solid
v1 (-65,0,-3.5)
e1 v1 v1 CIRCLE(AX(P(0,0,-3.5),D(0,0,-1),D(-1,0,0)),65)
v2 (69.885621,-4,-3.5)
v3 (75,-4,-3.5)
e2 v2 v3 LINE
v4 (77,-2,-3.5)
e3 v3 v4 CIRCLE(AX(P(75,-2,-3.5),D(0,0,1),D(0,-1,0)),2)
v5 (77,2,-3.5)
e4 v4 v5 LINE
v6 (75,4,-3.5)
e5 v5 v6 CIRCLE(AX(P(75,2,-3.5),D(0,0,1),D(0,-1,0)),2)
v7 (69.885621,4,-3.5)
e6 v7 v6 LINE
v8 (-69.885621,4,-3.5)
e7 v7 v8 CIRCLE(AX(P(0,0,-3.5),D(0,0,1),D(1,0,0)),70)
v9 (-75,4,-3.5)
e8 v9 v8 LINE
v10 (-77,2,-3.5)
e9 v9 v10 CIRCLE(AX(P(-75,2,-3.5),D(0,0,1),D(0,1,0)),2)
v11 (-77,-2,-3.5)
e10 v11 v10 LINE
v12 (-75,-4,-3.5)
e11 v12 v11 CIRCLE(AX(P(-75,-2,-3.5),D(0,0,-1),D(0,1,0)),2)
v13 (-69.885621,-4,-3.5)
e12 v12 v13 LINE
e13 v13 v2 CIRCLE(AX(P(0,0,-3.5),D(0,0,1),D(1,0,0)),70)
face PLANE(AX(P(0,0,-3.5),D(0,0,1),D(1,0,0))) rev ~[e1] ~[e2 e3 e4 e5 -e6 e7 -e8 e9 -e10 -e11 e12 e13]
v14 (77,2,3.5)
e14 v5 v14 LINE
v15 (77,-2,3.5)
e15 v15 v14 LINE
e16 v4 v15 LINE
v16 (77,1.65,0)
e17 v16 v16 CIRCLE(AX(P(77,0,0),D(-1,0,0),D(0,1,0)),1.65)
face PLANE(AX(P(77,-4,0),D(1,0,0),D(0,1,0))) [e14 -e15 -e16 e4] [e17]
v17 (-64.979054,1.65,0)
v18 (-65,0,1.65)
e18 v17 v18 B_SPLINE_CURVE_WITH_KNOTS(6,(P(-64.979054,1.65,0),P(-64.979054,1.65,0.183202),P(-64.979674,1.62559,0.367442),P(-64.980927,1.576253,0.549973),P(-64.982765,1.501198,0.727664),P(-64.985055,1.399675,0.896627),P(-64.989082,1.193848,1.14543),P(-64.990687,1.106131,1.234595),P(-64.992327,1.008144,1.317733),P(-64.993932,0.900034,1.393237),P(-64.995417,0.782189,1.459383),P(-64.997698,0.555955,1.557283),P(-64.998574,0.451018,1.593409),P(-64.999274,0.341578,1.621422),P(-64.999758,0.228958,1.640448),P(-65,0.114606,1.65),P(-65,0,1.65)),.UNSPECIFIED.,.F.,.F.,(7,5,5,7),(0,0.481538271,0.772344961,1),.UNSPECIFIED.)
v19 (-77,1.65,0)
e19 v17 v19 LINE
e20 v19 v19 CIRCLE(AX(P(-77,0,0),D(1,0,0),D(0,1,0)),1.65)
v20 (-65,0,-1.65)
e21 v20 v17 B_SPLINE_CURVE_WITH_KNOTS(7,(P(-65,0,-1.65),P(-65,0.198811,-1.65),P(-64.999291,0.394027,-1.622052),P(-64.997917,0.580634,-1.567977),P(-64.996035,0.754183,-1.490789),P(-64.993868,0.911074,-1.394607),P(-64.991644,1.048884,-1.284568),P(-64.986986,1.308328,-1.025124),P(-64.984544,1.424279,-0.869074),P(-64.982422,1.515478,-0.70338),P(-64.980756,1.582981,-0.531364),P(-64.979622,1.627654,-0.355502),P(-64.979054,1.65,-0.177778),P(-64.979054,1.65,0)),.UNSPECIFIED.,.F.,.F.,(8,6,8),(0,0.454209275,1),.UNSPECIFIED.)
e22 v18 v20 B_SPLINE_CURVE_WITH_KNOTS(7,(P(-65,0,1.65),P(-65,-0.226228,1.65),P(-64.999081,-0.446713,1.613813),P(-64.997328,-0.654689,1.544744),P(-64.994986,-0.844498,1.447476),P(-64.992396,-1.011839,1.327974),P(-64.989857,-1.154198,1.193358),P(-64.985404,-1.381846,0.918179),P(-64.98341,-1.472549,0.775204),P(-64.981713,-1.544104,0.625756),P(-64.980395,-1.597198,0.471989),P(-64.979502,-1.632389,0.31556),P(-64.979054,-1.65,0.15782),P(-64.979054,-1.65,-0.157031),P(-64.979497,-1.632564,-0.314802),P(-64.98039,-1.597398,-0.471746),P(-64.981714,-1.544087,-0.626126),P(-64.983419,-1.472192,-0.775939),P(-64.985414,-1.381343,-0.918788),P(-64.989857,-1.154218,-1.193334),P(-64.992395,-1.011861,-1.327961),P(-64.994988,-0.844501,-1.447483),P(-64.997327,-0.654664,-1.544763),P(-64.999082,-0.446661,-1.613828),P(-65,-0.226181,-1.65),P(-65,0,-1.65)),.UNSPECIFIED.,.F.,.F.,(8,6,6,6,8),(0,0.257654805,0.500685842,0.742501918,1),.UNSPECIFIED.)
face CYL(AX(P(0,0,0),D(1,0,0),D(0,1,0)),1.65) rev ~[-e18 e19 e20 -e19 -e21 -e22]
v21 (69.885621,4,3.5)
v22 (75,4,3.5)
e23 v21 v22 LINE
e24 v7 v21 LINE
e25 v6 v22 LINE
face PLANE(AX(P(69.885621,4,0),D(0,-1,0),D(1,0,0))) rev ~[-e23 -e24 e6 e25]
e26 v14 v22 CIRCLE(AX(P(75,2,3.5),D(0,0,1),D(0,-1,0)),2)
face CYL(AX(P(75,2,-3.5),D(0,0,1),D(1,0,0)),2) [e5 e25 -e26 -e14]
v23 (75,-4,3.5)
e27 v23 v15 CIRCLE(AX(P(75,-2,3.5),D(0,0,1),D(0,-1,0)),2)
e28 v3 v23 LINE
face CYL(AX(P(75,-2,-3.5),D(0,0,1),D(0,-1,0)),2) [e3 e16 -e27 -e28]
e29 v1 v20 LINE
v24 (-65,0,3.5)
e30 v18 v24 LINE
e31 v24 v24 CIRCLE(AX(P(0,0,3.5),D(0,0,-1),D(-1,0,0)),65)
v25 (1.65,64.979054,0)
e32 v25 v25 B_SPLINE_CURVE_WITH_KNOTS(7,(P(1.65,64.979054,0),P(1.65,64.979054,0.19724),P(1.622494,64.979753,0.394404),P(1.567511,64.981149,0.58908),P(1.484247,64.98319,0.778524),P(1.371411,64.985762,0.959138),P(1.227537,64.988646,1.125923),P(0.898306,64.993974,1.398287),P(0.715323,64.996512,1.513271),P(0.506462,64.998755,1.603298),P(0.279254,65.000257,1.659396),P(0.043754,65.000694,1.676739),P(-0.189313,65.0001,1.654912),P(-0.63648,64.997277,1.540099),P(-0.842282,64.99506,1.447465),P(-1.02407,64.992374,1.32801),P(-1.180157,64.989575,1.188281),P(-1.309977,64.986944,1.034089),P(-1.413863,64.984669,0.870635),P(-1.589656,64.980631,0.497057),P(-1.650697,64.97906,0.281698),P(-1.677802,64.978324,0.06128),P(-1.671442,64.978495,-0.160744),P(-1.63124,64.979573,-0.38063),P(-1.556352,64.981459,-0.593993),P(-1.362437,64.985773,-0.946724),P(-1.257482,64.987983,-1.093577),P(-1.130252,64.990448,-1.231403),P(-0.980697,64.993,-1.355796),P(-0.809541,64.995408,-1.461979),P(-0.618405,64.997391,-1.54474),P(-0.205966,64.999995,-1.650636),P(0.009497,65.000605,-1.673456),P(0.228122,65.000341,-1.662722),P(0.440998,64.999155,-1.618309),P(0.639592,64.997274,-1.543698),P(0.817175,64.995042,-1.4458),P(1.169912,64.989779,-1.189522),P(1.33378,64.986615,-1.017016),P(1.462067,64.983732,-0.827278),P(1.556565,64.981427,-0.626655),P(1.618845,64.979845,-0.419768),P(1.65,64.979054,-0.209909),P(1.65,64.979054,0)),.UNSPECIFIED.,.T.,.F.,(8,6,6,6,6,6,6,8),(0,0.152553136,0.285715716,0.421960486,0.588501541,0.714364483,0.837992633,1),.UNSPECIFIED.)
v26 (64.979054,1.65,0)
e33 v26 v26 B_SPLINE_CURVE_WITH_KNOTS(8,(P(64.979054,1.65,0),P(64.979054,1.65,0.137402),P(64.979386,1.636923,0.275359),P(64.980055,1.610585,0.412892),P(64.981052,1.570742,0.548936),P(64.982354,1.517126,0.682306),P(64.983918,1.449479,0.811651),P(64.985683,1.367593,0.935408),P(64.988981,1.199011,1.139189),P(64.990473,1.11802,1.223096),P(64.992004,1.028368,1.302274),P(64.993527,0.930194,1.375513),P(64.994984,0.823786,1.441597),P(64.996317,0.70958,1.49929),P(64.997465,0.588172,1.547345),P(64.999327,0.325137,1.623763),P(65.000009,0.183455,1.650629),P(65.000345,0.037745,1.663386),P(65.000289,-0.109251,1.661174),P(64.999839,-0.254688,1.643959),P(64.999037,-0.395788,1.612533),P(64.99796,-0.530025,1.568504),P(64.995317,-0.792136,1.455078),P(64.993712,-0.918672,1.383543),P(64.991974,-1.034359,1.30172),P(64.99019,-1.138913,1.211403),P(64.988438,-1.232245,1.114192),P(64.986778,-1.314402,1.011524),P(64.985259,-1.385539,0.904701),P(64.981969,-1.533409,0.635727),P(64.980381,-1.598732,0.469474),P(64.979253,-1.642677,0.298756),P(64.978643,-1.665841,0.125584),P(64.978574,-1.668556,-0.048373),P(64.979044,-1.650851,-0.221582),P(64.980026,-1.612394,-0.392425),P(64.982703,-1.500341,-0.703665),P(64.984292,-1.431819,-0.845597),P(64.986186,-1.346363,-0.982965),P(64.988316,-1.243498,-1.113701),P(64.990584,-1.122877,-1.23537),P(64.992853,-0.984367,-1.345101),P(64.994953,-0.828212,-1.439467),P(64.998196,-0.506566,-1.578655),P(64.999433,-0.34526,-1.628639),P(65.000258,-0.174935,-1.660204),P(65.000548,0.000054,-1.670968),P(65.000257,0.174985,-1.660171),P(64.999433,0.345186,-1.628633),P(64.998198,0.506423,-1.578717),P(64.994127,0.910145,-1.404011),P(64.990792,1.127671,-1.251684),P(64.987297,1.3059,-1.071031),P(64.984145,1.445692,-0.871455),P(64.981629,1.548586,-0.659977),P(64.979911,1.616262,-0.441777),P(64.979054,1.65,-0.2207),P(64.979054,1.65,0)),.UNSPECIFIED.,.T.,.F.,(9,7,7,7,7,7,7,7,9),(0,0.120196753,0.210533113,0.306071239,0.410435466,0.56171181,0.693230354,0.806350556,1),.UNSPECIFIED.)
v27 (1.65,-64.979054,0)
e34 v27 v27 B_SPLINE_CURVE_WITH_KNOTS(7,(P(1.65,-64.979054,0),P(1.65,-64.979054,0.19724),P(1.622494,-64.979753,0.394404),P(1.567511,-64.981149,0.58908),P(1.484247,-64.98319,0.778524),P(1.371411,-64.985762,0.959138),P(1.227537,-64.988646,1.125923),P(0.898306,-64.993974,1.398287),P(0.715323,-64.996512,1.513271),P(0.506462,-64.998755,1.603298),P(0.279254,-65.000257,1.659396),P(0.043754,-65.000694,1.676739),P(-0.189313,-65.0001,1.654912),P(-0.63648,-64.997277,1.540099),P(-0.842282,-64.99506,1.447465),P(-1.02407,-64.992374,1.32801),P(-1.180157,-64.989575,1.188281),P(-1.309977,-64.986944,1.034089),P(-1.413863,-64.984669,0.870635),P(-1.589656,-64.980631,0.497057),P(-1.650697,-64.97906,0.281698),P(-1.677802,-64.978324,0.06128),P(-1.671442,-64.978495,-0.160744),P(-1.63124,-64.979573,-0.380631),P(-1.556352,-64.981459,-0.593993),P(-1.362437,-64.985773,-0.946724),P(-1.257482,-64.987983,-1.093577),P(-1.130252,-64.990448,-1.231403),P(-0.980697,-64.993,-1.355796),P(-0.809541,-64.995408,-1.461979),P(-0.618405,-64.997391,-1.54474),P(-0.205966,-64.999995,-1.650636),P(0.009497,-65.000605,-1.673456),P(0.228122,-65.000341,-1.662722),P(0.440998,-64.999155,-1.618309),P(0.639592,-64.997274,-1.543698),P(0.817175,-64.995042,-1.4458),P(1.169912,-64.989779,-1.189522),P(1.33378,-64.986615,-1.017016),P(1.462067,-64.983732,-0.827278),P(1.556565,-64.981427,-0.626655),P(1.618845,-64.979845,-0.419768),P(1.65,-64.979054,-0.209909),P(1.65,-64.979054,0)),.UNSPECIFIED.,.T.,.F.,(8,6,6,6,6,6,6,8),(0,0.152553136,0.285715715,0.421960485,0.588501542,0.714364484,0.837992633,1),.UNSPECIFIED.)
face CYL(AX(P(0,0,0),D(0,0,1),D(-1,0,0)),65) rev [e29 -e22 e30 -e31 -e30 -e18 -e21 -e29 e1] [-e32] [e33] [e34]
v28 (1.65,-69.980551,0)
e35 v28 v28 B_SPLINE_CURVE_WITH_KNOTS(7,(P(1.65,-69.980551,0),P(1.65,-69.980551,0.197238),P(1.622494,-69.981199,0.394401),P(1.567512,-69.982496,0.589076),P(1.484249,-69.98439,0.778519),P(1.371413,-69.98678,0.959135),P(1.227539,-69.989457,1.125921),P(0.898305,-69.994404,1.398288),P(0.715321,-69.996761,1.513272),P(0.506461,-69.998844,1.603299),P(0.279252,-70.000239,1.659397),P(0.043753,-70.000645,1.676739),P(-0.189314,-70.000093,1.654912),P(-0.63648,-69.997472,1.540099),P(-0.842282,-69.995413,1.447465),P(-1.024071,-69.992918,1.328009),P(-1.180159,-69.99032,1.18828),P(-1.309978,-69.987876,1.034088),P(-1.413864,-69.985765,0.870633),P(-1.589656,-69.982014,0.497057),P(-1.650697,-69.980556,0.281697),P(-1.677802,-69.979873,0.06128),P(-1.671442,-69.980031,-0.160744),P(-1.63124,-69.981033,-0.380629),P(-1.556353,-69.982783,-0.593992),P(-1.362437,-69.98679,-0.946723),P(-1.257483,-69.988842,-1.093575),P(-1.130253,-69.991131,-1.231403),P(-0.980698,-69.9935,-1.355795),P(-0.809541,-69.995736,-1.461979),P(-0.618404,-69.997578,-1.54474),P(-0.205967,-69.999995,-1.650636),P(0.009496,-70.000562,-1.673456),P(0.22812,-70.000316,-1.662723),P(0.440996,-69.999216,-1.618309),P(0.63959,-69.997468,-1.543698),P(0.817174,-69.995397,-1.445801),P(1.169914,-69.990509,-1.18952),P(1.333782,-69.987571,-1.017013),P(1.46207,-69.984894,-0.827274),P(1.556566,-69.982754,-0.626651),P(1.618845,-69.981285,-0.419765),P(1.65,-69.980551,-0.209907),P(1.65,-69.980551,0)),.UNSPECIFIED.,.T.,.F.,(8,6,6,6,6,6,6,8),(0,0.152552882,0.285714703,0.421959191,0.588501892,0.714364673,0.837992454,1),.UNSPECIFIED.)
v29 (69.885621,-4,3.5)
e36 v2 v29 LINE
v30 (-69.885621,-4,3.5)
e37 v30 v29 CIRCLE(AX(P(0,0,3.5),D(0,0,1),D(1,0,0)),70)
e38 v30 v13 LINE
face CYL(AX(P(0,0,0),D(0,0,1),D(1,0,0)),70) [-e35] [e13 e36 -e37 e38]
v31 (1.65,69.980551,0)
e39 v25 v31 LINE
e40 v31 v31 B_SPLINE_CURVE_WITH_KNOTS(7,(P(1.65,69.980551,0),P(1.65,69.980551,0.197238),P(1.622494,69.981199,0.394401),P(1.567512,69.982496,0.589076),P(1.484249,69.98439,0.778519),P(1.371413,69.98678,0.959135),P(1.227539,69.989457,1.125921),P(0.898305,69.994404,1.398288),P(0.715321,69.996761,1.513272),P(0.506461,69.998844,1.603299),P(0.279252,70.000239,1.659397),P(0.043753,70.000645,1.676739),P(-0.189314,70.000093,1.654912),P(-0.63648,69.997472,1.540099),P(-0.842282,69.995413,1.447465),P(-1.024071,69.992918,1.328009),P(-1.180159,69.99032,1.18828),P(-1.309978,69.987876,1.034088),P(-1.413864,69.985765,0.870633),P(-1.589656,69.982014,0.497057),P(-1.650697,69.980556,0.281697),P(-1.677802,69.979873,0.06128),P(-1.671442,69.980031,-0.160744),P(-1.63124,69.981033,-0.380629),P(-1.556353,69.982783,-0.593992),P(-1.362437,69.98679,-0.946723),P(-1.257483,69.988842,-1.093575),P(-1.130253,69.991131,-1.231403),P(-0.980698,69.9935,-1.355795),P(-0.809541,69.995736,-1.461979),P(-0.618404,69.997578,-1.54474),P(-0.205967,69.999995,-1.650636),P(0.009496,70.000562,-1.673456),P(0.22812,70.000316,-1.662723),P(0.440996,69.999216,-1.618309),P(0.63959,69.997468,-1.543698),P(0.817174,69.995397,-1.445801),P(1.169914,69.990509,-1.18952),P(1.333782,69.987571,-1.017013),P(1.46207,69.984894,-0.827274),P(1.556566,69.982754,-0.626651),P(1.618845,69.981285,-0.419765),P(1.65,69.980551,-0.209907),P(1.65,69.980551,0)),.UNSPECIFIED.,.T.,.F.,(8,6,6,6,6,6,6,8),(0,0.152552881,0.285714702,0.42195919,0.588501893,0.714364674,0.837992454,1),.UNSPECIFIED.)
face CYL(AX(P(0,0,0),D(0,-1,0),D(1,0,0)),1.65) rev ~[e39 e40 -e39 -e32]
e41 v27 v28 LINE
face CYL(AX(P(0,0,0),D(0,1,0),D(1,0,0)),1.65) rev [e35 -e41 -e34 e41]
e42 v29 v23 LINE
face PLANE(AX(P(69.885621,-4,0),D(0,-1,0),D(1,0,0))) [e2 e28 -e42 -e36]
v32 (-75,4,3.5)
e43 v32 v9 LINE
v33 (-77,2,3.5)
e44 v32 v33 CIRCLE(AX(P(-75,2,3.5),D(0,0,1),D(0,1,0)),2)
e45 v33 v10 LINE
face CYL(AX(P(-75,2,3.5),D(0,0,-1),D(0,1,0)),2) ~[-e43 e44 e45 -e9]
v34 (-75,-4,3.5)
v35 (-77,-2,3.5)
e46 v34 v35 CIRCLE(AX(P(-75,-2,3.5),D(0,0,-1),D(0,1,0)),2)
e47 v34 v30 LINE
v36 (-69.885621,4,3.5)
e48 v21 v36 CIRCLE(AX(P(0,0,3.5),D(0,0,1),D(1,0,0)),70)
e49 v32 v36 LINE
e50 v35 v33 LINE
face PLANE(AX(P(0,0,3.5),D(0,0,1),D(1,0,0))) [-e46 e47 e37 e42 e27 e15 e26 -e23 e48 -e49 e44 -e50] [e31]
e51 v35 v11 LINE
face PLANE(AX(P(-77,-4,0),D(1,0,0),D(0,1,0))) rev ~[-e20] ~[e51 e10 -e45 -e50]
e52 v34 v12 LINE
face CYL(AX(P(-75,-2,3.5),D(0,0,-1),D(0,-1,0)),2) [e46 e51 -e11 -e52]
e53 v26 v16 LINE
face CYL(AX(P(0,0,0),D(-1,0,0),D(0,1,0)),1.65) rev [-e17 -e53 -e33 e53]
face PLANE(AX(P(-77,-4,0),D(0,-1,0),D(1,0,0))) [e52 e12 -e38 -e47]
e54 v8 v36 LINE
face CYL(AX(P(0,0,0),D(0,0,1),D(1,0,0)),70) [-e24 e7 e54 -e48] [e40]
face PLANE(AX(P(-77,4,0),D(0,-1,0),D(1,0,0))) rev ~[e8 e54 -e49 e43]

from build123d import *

# Parameters (mm, degrees)
SKETCH071_R          = 70
SKETCH071_R_2        = 65
SKETCH071_W          = 12
SKETCH071_H          = 8
PAD004_DEPTH         = 3.5
PAD005_DEPTH         = 3.5
SKETCH073_R          = 1.65
POCKET003_DEPTH      = 70.001
POCKET003_DEPTH_BACK = 70.001
SKETCH084_R          = 1.65
POCKET010_DEPTH      = 77.001
POCKET010_DEPTH_BACK = 77.001
FILLET002_R          = 2


with BuildPart() as part:
    # Sketch071 → Pad004 (new body, symmetric)
    with BuildSketch(Plane.XY):
        Circle(SKETCH071_R)
        Circle(SKETCH071_R_2, mode=Mode.SUBTRACT)
        with Locations((71, 0)):
            Rectangle(SKETCH071_W, SKETCH071_H)
        with Locations((-71, 0)):
            Rectangle(SKETCH071_W, SKETCH071_H)
    extrude(amount=PAD004_DEPTH, both=True)

    # Sketch071 → Pad005 (join, symmetric)
    with BuildSketch(Plane.XY):
        Circle(SKETCH071_R)
        Circle(SKETCH071_R_2, mode=Mode.SUBTRACT)
        with Locations((71, 0)):
            Rectangle(SKETCH071_W, SKETCH071_H)
        with Locations((-71, 0)):
            Rectangle(SKETCH071_W, SKETCH071_H)
    extrude(amount=PAD005_DEPTH, both=True)

    # Sketch073 → Pocket003 (cut, two sides)
    with BuildSketch(Plane.XZ) as pocket003_sk:
        Circle(SKETCH073_R)
    extrude(amount=-POCKET003_DEPTH, mode=Mode.SUBTRACT)
    extrude(pocket003_sk.sketch, amount=POCKET003_DEPTH_BACK, mode=Mode.SUBTRACT)

    # Sketch084 → Pocket010 (cut, two sides)
    with BuildSketch(Plane.YZ) as pocket010_sk:
        Circle(SKETCH084_R)
    extrude(amount=-POCKET010_DEPTH, mode=Mode.SUBTRACT)
    extrude(pocket010_sk.sketch, amount=POCKET010_DEPTH_BACK, mode=Mode.SUBTRACT)

    # Fillet002
    fillet002_edges = [part.edges().sort_by_distance(p)[0] for p in [
        (77, -4, 0),
        (77, 4, 0),
        (-77, -4, 0),
        (-77, 4, 0),
    ]]
    fillet(fillet002_edges, radius=FILLET002_R)


solid = part.part
